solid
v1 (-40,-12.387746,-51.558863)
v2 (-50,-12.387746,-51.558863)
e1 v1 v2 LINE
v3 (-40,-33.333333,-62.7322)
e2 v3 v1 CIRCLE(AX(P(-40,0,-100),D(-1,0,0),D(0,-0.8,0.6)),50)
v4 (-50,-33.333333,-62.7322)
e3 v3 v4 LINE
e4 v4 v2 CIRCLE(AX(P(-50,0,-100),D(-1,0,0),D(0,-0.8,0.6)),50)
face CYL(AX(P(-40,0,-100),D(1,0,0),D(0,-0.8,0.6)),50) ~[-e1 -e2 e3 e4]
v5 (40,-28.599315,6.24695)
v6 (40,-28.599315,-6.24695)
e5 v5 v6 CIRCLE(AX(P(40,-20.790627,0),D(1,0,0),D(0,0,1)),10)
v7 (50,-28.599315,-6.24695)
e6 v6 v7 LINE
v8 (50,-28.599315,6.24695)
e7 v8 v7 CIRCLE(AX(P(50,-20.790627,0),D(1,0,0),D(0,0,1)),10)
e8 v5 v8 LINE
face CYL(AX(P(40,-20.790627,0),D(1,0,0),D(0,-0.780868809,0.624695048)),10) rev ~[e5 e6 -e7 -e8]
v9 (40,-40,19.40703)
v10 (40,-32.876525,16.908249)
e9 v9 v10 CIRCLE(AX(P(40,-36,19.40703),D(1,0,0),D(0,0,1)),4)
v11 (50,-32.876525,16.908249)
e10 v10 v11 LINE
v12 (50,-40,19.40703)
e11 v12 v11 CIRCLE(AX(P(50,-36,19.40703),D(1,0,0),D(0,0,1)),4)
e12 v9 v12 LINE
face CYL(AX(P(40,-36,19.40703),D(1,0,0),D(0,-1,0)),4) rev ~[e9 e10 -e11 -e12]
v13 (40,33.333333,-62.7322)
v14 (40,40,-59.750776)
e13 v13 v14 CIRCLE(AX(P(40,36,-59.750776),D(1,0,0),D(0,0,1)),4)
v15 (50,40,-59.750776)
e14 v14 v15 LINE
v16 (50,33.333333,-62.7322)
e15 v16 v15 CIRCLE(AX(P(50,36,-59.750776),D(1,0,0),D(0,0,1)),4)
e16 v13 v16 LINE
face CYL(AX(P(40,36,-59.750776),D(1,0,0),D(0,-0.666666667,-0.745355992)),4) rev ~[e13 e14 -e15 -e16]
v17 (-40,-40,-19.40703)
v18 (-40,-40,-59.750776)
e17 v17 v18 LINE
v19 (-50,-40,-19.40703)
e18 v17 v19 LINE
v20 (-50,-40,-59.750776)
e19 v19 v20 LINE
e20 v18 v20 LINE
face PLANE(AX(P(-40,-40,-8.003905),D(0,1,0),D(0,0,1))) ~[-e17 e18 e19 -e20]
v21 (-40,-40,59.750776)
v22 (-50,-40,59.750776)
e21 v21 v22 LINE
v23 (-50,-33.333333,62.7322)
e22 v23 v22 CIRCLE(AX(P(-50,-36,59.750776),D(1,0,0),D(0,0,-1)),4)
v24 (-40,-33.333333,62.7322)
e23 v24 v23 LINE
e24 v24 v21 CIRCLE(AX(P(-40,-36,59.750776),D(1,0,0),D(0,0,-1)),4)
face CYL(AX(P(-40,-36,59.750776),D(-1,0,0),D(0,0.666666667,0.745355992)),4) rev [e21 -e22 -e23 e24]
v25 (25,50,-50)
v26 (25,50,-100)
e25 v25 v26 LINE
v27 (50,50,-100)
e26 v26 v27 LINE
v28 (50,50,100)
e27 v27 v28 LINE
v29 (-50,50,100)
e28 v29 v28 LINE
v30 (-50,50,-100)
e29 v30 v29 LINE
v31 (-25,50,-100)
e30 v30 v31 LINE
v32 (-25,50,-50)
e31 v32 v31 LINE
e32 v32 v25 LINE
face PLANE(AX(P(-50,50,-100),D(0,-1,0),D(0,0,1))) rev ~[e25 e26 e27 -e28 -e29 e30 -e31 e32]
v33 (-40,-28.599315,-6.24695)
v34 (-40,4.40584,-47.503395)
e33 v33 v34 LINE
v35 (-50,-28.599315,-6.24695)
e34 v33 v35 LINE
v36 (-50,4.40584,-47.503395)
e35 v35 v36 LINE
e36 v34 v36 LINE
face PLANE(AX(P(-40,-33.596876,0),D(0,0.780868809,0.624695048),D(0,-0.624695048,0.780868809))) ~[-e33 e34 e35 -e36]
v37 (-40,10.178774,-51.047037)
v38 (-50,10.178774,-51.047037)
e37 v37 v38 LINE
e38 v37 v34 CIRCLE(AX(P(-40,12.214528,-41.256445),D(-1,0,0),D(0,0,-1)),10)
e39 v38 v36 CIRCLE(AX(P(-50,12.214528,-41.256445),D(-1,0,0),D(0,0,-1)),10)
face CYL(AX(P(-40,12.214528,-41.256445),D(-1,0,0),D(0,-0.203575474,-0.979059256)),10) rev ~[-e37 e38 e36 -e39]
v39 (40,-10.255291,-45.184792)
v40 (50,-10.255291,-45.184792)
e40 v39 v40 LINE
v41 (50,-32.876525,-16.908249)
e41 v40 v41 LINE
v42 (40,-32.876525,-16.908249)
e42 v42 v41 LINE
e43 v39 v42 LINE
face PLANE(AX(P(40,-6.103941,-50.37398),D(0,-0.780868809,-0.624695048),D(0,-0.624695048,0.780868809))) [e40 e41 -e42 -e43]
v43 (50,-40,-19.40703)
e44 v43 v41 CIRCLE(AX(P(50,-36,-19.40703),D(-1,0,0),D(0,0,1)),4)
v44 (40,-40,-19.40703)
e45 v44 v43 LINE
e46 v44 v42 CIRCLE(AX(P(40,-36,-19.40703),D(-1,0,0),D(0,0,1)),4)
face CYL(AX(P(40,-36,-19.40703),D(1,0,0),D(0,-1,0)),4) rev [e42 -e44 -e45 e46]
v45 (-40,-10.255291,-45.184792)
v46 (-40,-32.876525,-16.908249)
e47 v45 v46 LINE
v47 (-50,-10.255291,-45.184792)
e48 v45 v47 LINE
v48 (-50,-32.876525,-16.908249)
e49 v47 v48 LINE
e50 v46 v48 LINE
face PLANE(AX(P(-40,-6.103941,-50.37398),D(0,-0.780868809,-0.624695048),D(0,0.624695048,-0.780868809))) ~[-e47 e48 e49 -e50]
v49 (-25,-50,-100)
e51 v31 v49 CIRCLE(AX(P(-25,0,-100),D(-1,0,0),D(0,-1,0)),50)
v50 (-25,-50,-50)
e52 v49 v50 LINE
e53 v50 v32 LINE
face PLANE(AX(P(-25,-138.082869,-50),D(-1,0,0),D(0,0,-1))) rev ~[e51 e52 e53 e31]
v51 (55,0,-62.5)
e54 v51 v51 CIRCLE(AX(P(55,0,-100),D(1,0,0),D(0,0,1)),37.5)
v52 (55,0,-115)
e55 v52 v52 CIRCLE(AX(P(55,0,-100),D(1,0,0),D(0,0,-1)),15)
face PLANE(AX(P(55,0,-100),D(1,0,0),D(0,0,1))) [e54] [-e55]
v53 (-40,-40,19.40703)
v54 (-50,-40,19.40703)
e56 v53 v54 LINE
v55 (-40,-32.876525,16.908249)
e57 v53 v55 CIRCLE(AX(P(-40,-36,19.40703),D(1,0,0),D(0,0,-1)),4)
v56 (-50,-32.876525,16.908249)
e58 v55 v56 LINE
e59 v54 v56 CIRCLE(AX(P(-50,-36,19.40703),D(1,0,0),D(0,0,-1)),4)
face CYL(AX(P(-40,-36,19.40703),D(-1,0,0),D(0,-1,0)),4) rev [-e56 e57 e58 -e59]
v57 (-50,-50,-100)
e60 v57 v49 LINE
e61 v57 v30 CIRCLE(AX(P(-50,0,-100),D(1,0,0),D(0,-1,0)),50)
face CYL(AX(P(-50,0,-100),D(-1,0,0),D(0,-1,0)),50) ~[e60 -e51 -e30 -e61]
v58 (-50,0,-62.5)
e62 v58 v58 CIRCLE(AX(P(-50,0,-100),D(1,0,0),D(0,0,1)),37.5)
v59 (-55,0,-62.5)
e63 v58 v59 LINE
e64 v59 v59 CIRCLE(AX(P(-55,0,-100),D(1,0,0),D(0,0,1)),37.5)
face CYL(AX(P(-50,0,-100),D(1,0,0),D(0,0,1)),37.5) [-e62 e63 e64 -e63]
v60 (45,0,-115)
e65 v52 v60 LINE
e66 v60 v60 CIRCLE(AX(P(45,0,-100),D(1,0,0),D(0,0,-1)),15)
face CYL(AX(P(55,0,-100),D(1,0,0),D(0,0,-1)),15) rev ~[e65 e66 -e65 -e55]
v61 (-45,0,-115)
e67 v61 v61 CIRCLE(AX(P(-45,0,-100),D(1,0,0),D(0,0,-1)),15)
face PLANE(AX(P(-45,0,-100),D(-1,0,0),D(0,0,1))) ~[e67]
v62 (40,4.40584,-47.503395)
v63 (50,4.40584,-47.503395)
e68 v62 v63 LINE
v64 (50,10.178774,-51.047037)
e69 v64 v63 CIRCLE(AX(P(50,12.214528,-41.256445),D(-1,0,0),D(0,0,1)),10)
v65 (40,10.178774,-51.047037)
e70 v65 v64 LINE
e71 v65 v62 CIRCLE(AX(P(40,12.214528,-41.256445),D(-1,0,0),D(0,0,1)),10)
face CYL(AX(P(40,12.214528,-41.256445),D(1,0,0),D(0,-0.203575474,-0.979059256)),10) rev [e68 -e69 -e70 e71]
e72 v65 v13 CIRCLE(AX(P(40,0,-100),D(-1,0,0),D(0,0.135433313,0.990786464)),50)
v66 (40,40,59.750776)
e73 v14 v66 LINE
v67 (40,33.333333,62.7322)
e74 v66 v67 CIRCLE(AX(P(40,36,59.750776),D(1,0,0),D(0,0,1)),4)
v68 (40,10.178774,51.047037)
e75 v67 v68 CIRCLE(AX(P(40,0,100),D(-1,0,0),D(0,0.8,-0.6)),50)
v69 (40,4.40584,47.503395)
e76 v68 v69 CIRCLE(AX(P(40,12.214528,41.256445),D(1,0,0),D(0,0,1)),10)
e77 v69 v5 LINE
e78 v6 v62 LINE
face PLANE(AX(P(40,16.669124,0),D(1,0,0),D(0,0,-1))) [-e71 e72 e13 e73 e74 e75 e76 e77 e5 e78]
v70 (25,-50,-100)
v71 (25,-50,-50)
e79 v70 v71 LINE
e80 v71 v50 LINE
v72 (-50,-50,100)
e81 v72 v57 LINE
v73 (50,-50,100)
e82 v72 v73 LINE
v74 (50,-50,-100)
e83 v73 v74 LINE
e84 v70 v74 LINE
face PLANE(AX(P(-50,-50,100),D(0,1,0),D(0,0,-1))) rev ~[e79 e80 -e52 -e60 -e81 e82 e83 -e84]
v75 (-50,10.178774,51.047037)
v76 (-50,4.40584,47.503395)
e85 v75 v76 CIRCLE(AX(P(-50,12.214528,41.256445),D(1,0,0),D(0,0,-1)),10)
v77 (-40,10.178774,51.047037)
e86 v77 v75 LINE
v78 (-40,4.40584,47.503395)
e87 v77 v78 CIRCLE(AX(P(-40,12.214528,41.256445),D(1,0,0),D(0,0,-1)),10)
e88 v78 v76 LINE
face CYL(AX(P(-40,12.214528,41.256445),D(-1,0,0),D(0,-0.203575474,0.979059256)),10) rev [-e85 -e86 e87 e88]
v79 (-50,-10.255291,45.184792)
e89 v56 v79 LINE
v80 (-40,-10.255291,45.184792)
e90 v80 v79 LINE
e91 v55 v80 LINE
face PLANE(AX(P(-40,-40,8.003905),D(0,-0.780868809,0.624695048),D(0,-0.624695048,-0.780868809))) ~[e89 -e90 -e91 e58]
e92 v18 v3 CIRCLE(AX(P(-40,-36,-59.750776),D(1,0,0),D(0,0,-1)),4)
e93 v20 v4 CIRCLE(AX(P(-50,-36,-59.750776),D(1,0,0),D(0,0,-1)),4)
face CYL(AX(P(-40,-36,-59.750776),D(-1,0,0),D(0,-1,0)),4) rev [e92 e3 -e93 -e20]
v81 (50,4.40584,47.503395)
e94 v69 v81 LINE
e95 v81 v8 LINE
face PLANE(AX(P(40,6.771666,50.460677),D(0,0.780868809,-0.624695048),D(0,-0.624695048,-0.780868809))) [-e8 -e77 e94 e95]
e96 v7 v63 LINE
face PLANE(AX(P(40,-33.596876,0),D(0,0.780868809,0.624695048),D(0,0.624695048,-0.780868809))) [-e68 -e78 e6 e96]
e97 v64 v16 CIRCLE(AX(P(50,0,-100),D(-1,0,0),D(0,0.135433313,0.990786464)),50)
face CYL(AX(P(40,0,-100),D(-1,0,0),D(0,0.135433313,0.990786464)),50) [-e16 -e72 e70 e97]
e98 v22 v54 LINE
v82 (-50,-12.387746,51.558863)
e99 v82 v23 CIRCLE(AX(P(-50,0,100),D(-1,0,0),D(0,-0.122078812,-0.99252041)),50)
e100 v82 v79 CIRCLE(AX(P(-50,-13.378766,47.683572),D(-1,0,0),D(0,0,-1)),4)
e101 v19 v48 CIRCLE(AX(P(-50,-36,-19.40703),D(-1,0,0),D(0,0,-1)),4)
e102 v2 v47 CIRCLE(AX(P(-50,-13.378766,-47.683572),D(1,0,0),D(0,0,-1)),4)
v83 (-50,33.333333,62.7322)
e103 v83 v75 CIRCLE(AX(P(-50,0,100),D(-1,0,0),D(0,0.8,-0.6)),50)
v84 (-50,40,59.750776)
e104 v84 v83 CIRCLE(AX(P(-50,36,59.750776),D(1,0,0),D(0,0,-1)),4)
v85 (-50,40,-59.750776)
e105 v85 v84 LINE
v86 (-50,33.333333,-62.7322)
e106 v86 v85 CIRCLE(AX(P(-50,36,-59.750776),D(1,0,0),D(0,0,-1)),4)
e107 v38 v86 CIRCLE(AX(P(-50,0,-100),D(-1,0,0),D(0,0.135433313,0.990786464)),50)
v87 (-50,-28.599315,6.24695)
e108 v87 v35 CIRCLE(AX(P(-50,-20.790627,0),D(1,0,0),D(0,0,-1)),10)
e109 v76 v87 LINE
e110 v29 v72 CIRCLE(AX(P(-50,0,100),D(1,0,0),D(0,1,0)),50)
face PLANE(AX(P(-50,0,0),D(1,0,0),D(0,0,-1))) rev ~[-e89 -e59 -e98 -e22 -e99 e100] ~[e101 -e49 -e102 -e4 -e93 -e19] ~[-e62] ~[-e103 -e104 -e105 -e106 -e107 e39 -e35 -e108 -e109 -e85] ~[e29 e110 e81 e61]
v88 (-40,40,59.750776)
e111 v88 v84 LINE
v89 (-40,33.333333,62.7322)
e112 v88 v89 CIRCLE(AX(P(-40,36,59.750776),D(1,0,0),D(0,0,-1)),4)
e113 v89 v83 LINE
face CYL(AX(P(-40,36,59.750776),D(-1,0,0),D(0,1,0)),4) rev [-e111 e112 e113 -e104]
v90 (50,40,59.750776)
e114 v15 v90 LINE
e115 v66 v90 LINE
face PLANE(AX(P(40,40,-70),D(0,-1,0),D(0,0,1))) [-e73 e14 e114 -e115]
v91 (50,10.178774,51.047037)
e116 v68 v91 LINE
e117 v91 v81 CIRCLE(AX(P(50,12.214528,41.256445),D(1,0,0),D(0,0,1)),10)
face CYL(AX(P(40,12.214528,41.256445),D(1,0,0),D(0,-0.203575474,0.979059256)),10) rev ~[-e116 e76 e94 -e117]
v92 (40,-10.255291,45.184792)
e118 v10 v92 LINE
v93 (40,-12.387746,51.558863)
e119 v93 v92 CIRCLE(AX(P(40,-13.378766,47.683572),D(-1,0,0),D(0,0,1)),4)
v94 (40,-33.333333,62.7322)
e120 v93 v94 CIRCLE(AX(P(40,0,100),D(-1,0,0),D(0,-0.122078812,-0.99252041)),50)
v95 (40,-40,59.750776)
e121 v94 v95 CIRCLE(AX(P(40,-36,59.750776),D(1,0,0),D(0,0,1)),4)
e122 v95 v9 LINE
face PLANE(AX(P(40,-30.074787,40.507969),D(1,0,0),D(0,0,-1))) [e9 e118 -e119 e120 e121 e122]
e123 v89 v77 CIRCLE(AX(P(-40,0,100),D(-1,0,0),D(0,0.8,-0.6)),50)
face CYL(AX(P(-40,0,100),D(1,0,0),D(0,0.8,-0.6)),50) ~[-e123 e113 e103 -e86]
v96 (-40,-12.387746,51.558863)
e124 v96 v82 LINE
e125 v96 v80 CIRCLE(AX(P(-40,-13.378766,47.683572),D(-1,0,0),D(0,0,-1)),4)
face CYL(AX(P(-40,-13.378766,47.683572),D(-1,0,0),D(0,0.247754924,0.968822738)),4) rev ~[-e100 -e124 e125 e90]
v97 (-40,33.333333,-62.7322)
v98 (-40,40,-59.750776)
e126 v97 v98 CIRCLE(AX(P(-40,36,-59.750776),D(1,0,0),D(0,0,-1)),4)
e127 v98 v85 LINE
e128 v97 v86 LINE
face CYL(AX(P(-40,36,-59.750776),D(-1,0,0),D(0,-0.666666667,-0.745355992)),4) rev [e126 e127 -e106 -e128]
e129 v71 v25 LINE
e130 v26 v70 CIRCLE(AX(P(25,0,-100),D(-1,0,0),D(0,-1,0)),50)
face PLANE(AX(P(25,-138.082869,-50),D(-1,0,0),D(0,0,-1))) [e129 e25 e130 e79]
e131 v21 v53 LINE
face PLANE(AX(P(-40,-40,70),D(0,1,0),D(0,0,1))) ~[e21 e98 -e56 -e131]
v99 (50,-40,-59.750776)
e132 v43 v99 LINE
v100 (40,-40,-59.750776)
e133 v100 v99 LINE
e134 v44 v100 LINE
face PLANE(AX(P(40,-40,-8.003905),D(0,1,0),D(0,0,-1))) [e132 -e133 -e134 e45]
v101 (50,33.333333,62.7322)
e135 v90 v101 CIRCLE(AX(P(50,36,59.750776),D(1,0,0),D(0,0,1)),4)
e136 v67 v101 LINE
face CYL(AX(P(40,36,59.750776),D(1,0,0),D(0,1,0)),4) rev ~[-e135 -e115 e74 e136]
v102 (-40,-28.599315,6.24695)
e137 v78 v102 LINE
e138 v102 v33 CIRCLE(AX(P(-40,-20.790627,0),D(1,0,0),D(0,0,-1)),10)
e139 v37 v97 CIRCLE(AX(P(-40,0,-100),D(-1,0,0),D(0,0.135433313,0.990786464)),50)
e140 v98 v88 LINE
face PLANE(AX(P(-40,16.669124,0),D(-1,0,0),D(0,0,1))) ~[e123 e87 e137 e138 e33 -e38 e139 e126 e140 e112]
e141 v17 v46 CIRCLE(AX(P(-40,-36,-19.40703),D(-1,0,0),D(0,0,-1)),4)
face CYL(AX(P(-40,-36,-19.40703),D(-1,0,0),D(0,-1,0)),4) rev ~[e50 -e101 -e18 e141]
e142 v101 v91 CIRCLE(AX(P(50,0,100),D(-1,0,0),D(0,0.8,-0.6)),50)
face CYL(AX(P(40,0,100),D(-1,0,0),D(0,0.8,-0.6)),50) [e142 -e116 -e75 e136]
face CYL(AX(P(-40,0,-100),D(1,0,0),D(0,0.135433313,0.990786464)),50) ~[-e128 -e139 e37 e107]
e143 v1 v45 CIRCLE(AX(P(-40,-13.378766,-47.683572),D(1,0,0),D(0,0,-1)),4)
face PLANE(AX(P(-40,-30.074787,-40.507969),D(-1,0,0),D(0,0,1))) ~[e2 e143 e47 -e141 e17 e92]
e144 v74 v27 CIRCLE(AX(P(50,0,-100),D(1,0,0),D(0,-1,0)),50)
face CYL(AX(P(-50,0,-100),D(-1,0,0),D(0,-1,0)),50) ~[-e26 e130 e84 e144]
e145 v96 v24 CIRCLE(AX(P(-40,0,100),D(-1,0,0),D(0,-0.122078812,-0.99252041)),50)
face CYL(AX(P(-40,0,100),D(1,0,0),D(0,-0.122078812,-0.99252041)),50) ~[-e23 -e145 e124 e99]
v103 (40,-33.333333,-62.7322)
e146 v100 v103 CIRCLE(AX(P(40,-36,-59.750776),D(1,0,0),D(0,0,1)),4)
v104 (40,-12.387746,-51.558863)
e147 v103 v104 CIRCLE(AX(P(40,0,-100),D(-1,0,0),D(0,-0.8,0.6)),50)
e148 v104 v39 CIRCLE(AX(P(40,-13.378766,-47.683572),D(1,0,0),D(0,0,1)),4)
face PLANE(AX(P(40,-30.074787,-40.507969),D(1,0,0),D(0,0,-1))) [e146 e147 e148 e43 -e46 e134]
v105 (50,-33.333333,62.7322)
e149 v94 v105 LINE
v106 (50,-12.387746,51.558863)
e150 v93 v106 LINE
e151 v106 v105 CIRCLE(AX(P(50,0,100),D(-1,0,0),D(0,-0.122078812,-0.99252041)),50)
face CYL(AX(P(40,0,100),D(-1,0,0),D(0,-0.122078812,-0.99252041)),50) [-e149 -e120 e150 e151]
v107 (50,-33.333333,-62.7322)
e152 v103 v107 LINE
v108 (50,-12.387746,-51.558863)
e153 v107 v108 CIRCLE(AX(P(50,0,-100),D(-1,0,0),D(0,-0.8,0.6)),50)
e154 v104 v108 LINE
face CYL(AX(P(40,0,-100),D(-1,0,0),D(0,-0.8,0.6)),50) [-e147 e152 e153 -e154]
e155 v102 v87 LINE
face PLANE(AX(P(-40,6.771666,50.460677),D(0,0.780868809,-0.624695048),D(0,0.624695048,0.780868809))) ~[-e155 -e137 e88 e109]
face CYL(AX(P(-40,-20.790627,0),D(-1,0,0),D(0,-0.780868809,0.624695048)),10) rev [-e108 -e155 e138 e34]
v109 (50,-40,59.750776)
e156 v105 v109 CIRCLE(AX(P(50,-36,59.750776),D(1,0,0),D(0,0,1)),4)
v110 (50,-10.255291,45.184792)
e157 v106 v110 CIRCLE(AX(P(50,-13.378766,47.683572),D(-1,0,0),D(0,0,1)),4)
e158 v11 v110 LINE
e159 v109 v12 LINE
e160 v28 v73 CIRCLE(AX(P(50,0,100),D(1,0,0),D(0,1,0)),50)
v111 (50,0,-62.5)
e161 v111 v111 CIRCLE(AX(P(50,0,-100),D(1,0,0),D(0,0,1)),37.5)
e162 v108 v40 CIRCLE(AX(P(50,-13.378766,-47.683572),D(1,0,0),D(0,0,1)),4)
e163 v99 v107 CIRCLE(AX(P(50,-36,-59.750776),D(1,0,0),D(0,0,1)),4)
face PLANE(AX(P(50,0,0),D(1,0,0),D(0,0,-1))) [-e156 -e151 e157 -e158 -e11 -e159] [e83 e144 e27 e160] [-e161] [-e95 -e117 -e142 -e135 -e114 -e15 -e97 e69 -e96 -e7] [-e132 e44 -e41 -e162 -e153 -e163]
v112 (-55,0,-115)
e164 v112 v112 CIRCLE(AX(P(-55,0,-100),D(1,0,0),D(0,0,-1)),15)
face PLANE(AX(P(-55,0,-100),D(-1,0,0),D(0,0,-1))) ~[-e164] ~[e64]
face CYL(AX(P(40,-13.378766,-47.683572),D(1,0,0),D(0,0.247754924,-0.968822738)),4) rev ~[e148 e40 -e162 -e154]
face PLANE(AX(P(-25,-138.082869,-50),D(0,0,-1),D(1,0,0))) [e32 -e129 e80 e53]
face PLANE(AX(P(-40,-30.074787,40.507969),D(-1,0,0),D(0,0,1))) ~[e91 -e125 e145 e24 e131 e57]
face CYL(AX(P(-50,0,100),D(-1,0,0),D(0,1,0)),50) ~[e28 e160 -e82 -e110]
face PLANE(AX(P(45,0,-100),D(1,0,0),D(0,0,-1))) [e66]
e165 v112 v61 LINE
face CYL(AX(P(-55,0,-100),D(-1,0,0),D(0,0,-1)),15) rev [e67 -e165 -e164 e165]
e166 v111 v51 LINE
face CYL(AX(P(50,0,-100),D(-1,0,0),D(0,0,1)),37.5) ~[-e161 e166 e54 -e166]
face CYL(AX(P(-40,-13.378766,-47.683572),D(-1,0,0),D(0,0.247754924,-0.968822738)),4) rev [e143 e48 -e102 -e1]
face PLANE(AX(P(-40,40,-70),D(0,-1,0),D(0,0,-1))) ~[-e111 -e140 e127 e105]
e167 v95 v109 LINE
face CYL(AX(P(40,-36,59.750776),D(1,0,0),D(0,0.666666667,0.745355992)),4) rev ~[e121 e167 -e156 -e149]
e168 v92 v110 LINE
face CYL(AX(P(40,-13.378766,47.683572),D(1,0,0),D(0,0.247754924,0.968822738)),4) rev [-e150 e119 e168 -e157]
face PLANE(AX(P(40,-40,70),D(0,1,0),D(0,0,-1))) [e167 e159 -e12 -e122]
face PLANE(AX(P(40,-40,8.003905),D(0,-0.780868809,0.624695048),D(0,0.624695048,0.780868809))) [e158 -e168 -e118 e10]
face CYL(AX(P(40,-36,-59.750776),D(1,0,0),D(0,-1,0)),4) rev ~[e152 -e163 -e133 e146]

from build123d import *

# Parameters (mm, degrees)
BOSS_EXTRUDE1_DEPTH      = 50
BOSS_EXTRUDE1_DEPTH_BACK = 50
CUT_EXTRUDE1_DEPTH       = 188.082869339
CUT_EXTRUDE1_DEPTH_BACK  = 188.082869339
SKETCH2_W                = 50
SKETCH2_H                = 200
SKETCH3_R                = 37.5
BOSS_EXTRUDE2_DEPTH      = 5
CUT_EXTRUDE2_START       = -10
CUT_EXTRUDE2_DEPTH       = 10
FILLET1_R                = 10
FILLET2_R                = 4
FILLET1_OF_MIRROR2_R     = 10
FILLET2_OF_MIRROR2_R     = 4
SKETCH5_R                = 15
CUT_EXTRUDE3_DEPTH       = 10


with BuildPart() as part:
    # Sketch1 → Boss-Extrude1 (new, two sides: drawn at the far end of the back side and taken through both)
    with BuildSketch(Plane(origin=(0, 0, 0), x_dir=(0, 0, -1), z_dir=(1, 0, 0)).offset(-BOSS_EXTRUDE1_DEPTH_BACK)):
        with BuildLine():
            Line((-100, -50), (100, -50))
            ThreePointArc((100, -50), (150, 0), (100, 50))
            Line((100, 50), (-100, 50))
            ThreePointArc((-100, 50), (-150, 0), (-100, -50))
        make_face()
    extrude(amount=BOSS_EXTRUDE1_DEPTH + BOSS_EXTRUDE1_DEPTH_BACK)

    # Sketch2 → Cut-Extrude1 (cut, two sides: drawn at the far end of the back side and taken through both)
    with BuildSketch(Plane(origin=(0, 50, 0), x_dir=(1, 0, 0), z_dir=(0, 1, 0)).offset(-CUT_EXTRUDE1_DEPTH_BACK)):
        with Locations((0, 150)):
            Rectangle(SKETCH2_W, SKETCH2_H)
    extrude(amount=CUT_EXTRUDE1_DEPTH + CUT_EXTRUDE1_DEPTH_BACK, mode=Mode.SUBTRACT)

    # Sketch3 → Boss-Extrude2 (add)
    with BuildSketch(Plane(origin=(50, 0, 0), x_dir=(0, 0, -1), z_dir=(1, 0, 0))):
        with Locations((100, 0)):
            Circle(SKETCH3_R)
    boss_extrude2 = extrude(amount=BOSS_EXTRUDE2_DEPTH)

    # Mirror1: Boss-Extrude2 across plane
    add(boss_extrude2.mirror(Plane(origin=(0, 0, 0), x_dir=(0, 0, 1), z_dir=(1, 0, 0))))

    # Sketch4 → Cut-Extrude2 (cut)
    with BuildSketch(Plane(origin=(50, 0, 0), x_dir=(0, 0, -1), z_dir=(1, 0, 0)).offset(CUT_EXTRUDE2_START)):
        with BuildLine():
            ThreePointArc((50.46067679, 6.77166567), (56.899460157, 25.344495759), (70, 40))
            Line((70, 40), (-70, 40))
            ThreePointArc((-70, 40), (-56.899460157, 25.344495759), (-50.46067679, 6.77166567))
            Line((-50.46067679, 6.77166567), (0, -33.596875763))
            Line((0, -33.596875763), (50.46067679, 6.77166567))
        make_face()
        with BuildLine():
            ThreePointArc((-50.373979518, -6.103940623), (-56.729785131, -25.053712404), (-70, -40))
            Line((-70, -40), (-8.003905297, -40))
            Line((-8.003905297, -40), (-50.373979518, -6.103940623))
        make_face()
        with BuildLine():
            Line((8.003905297, -40), (70, -40))
            ThreePointArc((70, -40), (56.729785131, -25.053712404), (50.373979518, -6.103940623))
            Line((50.373979518, -6.103940623), (8.003905297, -40))
        make_face()
    cut_extrude2 = extrude(amount=CUT_EXTRUDE2_DEPTH, mode=Mode.SUBTRACT)

    # Fillet1
    fillet1_edges = [part.edges().sort_by_distance(p)[0] for p in [
        (45, 6.77166567, -50.46067679),
        (45, -33.596875763, 0),
        (45, 6.77166567, 50.46067679),
    ]]
    fillet(fillet1_edges, radius=FILLET1_R)

    # Fillet2
    fillet2_edges = [part.edges().sort_by_distance(p)[0] for p in [
        (45, 40, 70),
        (45, 40, -70),
        (45, -40, -70),
        (45, -6.103940623, -50.373979518),
        (45, -6.103940623, 50.373979518),
        (45, -40, -8.003905297),
        (45, -40, 8.003905297),
        (45, -40, 70),
    ]]
    fillet(fillet2_edges, radius=FILLET2_R)

    # Mirror2: Cut-Extrude2 across plane
    add(cut_extrude2.mirror(Plane(origin=(0, 0, 0), x_dir=(0, 0, 1), z_dir=(1, 0, 0))), mode=Mode.SUBTRACT)

    # Fillet1 of Mirror2
    fillet1_of_mirror2_edges = [part.edges().sort_by_distance(p)[0] for p in [
        (-45, 6.77166567, -50.46067679),
        (-45, -33.596875763, 0),
        (-45, 6.77166567, 50.46067679),
    ]]
    fillet(fillet1_of_mirror2_edges, radius=FILLET1_OF_MIRROR2_R)

    # Fillet2 of Mirror2
    fillet2_of_mirror2_edges = [part.edges().sort_by_distance(p)[0] for p in [
        (-45, 40, 70),
        (-45, 40, -70),
        (-45, -40, -70),
        (-45, -6.103940623, -50.373979518),
        (-45, -6.103940623, 50.373979518),
        (-45, -40, -8.003905297),
        (-45, -40, 8.003905297),
        (-45, -40, 70),
    ]]
    fillet(fillet2_of_mirror2_edges, radius=FILLET2_OF_MIRROR2_R)

    # Sketch5 → Cut-Extrude3 (cut)
    with BuildSketch(Plane(origin=(55, 0, 0), x_dir=(0, 0, -1), z_dir=(1, 0, 0))):
        with Locations((100, 0)):
            Circle(SKETCH5_R)
    cut_extrude3 = extrude(amount=-CUT_EXTRUDE3_DEPTH, mode=Mode.SUBTRACT)

    # Mirror3: Cut-Extrude3 across plane
    add(cut_extrude3.mirror(Plane(origin=(0, 0, 0), x_dir=(0, 0, 1), z_dir=(1, 0, 0))), mode=Mode.SUBTRACT)


solid = part.part
